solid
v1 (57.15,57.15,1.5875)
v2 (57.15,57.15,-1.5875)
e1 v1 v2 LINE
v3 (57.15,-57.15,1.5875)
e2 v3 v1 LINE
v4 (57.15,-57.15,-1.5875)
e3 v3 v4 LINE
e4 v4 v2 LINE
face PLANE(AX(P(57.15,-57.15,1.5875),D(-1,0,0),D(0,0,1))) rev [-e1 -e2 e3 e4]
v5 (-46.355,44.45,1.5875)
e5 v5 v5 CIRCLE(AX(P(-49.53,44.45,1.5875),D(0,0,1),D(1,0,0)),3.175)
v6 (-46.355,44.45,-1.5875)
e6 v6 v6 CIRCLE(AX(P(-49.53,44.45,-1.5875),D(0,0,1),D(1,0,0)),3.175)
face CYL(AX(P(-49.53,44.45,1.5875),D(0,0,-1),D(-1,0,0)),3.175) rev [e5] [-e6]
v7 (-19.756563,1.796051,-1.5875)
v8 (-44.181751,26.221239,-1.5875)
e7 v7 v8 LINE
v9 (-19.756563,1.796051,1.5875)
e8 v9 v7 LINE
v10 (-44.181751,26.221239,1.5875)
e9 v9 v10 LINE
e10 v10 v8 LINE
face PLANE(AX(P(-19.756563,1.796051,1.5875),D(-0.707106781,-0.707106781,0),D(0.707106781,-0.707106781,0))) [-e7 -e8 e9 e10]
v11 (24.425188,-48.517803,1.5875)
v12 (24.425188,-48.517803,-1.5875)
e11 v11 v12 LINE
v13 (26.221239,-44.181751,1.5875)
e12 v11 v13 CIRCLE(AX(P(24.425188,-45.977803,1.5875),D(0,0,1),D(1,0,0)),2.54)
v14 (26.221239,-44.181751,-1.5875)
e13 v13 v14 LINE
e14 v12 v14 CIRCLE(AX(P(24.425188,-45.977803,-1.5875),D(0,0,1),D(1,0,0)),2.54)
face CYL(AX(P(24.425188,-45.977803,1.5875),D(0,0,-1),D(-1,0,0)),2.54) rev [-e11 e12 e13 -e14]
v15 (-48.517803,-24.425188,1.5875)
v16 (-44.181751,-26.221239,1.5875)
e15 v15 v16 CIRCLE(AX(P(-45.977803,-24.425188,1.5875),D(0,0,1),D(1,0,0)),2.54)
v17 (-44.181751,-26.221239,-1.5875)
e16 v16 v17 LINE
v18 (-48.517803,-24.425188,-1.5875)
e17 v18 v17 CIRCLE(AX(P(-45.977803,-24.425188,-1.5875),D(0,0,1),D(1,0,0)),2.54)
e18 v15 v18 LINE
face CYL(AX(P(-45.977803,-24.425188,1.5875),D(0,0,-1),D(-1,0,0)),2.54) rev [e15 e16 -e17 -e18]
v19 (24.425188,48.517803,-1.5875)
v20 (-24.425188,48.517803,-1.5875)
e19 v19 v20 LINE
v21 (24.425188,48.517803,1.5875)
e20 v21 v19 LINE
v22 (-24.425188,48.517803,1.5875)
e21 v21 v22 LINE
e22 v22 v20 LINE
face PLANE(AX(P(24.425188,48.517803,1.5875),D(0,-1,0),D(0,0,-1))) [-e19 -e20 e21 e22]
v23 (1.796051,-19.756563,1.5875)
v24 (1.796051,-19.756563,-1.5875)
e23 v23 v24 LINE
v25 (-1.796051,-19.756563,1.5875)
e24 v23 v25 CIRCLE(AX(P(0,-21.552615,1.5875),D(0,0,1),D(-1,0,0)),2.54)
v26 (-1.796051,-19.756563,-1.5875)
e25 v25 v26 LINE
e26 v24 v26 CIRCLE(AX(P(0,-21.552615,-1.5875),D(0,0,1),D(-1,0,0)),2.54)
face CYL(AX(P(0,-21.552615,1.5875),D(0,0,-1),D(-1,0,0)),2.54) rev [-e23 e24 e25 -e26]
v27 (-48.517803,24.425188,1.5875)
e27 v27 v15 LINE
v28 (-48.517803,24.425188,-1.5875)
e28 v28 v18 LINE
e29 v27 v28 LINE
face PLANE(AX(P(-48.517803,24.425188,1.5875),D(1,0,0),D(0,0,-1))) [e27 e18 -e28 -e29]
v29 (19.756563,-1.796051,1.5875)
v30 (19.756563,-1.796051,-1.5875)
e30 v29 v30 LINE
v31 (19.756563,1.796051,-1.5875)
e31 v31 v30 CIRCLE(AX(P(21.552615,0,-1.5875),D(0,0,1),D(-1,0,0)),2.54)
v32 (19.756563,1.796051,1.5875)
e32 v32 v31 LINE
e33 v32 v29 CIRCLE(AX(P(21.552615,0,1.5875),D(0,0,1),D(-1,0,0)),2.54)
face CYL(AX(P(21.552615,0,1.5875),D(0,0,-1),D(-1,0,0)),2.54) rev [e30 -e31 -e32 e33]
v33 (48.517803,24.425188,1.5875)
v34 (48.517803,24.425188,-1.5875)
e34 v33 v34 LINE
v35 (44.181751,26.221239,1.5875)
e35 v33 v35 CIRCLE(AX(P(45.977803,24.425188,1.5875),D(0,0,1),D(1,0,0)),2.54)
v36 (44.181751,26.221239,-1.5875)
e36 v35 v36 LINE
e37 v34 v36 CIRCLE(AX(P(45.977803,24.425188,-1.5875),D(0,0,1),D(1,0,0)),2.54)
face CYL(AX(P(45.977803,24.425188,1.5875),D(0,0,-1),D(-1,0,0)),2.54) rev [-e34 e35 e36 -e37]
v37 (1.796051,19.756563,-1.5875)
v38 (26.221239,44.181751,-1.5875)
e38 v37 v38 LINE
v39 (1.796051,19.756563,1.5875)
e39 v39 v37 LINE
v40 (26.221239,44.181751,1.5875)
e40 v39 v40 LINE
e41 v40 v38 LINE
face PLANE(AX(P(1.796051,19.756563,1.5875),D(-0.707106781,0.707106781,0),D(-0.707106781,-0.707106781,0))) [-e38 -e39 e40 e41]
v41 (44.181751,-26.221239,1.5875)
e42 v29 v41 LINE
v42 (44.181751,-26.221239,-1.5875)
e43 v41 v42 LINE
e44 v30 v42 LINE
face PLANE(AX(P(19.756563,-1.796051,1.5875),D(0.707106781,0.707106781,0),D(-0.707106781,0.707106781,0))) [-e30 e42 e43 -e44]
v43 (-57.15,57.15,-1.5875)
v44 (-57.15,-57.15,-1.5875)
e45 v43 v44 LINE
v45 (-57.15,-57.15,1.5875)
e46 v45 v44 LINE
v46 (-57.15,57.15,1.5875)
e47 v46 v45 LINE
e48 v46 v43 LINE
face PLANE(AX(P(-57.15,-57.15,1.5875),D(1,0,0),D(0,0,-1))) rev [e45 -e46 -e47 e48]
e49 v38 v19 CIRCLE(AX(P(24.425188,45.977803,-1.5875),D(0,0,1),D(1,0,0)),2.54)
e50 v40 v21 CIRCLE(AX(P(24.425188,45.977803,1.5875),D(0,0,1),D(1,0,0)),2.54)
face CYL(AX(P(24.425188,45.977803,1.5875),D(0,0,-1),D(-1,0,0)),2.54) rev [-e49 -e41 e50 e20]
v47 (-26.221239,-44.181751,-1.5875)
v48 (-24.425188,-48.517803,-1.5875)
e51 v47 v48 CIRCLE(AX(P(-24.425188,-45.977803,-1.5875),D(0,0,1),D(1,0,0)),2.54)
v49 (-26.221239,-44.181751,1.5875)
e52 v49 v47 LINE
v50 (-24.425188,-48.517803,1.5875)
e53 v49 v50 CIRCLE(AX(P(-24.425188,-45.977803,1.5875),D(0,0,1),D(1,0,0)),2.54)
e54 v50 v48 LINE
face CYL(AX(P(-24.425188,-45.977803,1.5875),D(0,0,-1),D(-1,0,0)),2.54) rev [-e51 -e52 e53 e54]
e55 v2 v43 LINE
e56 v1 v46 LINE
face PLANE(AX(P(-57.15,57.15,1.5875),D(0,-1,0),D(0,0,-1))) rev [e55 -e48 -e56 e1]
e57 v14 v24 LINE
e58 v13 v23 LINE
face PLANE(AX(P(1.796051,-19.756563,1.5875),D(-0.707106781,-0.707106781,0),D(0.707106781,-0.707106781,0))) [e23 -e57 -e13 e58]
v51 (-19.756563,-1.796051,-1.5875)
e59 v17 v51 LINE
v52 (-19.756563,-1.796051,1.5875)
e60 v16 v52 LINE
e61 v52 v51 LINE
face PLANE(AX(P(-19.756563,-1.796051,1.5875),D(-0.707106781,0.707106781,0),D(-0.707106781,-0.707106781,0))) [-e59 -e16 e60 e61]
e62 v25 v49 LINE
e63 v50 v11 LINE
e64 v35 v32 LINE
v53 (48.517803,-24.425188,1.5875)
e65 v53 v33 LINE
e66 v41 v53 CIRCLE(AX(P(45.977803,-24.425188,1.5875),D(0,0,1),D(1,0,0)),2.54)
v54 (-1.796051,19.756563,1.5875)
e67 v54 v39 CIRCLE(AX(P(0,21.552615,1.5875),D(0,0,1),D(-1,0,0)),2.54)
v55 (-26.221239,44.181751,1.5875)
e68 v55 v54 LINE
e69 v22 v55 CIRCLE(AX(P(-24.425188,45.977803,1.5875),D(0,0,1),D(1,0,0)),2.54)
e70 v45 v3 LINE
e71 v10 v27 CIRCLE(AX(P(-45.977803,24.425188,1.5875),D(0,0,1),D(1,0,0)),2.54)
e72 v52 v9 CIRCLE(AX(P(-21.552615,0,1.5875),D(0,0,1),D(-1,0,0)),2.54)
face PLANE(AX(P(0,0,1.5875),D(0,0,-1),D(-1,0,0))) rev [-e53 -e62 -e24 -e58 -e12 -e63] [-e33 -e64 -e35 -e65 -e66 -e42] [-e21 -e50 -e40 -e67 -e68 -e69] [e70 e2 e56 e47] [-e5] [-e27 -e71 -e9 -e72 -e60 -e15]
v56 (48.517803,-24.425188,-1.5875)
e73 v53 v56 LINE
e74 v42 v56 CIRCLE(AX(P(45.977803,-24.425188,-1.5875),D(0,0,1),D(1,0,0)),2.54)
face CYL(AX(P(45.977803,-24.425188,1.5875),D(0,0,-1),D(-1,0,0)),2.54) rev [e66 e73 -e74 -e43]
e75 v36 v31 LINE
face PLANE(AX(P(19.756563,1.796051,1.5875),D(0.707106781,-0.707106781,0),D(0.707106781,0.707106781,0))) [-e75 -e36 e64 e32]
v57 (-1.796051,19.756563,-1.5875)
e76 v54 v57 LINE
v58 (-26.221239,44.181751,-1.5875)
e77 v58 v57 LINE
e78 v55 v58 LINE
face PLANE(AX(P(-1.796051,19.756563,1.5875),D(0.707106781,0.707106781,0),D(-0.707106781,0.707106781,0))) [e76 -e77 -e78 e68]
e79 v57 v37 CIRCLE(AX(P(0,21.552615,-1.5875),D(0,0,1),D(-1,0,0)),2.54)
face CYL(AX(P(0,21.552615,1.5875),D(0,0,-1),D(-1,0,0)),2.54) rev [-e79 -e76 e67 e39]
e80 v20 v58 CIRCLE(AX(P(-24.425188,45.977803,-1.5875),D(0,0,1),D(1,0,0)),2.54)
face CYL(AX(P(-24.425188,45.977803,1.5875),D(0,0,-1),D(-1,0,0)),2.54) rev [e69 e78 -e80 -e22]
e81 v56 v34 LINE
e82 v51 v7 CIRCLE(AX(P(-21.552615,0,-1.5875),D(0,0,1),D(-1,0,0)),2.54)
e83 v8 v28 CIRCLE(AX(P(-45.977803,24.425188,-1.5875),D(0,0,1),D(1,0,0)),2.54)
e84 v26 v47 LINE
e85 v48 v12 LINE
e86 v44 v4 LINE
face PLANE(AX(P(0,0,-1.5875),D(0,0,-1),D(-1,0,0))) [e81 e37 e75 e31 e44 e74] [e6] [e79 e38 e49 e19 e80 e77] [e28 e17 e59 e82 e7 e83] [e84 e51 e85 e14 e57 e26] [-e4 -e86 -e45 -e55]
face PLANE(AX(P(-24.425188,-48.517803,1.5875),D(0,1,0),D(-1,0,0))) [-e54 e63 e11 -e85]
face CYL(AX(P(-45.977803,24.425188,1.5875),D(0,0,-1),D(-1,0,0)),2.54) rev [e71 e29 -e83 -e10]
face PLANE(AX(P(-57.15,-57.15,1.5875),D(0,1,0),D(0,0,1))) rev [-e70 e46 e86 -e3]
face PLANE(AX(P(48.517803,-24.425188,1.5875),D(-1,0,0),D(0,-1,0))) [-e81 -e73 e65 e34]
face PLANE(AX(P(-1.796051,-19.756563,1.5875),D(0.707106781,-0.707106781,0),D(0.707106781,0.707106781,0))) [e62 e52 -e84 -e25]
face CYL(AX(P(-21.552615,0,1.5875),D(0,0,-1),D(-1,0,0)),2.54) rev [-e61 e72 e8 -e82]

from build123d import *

# Parameters (mm, degrees)
SKETCH1_W           = 114.3
SKETCH1_H           = 114.3
SKETCH1_R           = 3.175
BOSS_EXTRUDE2_DEPTH = 1.5875


with BuildPart() as part:
    # Sketch1 → Boss-Extrude2 (new, symmetric)
    with BuildSketch(Plane.XY):
        Rectangle(SKETCH1_W, SKETCH1_H)
        with Locations((-49.53, 44.45)):
            Circle(SKETCH1_R, mode=Mode.SUBTRACT)
        with BuildLine():
            Line((-24.425187853, -48.517802544), (24.425187853, -48.517802544))
            ThreePointArc((24.425187853, -48.517802544), (26.771841866, -46.949818462), (26.221239077, -44.181751319))
            Line((26.221239077, -44.181751319), (1.796051224, -19.756563466))
            ThreePointArc((1.796051224, -19.756563466), (0, -19.012614691), (-1.796051224, -19.756563466))
            Line((-1.796051224, -19.756563466), (-26.221239077, -44.181751319))
            ThreePointArc((-26.221239077, -44.181751319), (-26.771841866, -46.949818462), (-24.425187853, -48.517802544))
        make_face(mode=Mode.SUBTRACT)
        with BuildLine():
            Line((-48.517802544, 24.425187853), (-48.517802544, -24.425187853))
            ThreePointArc((-48.517802544, -24.425187853), (-46.949818462, -26.771841866), (-44.181751319, -26.221239077))
            Line((-44.181751319, -26.221239077), (-19.756563466, -1.796051224))
            ThreePointArc((-19.756563466, -1.796051224), (-19.012614691, 0), (-19.756563466, 1.796051224))
            Line((-19.756563466, 1.796051224), (-44.181751319, 26.221239077))
            ThreePointArc((-44.181751319, 26.221239077), (-46.949818462, 26.771841866), (-48.517802544, 24.425187853))
        make_face(mode=Mode.SUBTRACT)
        with BuildLine():
            Line((24.425187853, 48.517802544), (-24.425187853, 48.517802544))
            ThreePointArc((-24.425187853, 48.517802544), (-26.771841866, 46.949818462), (-26.221239077, 44.181751319))
            Line((-26.221239077, 44.181751319), (-1.796051224, 19.756563466))
            ThreePointArc((-1.796051224, 19.756563466), (0, 19.012614691), (1.796051224, 19.756563466))
            Line((1.796051224, 19.756563466), (26.221239077, 44.181751319))
            ThreePointArc((26.221239077, 44.181751319), (26.771841866, 46.949818462), (24.425187853, 48.517802544))
        make_face(mode=Mode.SUBTRACT)
        with BuildLine():
            Line((48.517802544, -24.425187853), (48.517802544, 24.425187853))
            ThreePointArc((48.517802544, 24.425187853), (46.949818462, 26.771841866), (44.181751319, 26.221239077))
            Line((44.181751319, 26.221239077), (19.756563466, 1.796051224))
            ThreePointArc((19.756563466, 1.796051224), (19.012614691, 0), (19.756563466, -1.796051224))
            Line((19.756563466, -1.796051224), (44.181751319, -26.221239077))
            ThreePointArc((44.181751319, -26.221239077), (46.949818462, -26.771841866), (48.517802544, -24.425187853))
        make_face(mode=Mode.SUBTRACT)
    extrude(amount=BOSS_EXTRUDE2_DEPTH, both=True)


solid = part.part
